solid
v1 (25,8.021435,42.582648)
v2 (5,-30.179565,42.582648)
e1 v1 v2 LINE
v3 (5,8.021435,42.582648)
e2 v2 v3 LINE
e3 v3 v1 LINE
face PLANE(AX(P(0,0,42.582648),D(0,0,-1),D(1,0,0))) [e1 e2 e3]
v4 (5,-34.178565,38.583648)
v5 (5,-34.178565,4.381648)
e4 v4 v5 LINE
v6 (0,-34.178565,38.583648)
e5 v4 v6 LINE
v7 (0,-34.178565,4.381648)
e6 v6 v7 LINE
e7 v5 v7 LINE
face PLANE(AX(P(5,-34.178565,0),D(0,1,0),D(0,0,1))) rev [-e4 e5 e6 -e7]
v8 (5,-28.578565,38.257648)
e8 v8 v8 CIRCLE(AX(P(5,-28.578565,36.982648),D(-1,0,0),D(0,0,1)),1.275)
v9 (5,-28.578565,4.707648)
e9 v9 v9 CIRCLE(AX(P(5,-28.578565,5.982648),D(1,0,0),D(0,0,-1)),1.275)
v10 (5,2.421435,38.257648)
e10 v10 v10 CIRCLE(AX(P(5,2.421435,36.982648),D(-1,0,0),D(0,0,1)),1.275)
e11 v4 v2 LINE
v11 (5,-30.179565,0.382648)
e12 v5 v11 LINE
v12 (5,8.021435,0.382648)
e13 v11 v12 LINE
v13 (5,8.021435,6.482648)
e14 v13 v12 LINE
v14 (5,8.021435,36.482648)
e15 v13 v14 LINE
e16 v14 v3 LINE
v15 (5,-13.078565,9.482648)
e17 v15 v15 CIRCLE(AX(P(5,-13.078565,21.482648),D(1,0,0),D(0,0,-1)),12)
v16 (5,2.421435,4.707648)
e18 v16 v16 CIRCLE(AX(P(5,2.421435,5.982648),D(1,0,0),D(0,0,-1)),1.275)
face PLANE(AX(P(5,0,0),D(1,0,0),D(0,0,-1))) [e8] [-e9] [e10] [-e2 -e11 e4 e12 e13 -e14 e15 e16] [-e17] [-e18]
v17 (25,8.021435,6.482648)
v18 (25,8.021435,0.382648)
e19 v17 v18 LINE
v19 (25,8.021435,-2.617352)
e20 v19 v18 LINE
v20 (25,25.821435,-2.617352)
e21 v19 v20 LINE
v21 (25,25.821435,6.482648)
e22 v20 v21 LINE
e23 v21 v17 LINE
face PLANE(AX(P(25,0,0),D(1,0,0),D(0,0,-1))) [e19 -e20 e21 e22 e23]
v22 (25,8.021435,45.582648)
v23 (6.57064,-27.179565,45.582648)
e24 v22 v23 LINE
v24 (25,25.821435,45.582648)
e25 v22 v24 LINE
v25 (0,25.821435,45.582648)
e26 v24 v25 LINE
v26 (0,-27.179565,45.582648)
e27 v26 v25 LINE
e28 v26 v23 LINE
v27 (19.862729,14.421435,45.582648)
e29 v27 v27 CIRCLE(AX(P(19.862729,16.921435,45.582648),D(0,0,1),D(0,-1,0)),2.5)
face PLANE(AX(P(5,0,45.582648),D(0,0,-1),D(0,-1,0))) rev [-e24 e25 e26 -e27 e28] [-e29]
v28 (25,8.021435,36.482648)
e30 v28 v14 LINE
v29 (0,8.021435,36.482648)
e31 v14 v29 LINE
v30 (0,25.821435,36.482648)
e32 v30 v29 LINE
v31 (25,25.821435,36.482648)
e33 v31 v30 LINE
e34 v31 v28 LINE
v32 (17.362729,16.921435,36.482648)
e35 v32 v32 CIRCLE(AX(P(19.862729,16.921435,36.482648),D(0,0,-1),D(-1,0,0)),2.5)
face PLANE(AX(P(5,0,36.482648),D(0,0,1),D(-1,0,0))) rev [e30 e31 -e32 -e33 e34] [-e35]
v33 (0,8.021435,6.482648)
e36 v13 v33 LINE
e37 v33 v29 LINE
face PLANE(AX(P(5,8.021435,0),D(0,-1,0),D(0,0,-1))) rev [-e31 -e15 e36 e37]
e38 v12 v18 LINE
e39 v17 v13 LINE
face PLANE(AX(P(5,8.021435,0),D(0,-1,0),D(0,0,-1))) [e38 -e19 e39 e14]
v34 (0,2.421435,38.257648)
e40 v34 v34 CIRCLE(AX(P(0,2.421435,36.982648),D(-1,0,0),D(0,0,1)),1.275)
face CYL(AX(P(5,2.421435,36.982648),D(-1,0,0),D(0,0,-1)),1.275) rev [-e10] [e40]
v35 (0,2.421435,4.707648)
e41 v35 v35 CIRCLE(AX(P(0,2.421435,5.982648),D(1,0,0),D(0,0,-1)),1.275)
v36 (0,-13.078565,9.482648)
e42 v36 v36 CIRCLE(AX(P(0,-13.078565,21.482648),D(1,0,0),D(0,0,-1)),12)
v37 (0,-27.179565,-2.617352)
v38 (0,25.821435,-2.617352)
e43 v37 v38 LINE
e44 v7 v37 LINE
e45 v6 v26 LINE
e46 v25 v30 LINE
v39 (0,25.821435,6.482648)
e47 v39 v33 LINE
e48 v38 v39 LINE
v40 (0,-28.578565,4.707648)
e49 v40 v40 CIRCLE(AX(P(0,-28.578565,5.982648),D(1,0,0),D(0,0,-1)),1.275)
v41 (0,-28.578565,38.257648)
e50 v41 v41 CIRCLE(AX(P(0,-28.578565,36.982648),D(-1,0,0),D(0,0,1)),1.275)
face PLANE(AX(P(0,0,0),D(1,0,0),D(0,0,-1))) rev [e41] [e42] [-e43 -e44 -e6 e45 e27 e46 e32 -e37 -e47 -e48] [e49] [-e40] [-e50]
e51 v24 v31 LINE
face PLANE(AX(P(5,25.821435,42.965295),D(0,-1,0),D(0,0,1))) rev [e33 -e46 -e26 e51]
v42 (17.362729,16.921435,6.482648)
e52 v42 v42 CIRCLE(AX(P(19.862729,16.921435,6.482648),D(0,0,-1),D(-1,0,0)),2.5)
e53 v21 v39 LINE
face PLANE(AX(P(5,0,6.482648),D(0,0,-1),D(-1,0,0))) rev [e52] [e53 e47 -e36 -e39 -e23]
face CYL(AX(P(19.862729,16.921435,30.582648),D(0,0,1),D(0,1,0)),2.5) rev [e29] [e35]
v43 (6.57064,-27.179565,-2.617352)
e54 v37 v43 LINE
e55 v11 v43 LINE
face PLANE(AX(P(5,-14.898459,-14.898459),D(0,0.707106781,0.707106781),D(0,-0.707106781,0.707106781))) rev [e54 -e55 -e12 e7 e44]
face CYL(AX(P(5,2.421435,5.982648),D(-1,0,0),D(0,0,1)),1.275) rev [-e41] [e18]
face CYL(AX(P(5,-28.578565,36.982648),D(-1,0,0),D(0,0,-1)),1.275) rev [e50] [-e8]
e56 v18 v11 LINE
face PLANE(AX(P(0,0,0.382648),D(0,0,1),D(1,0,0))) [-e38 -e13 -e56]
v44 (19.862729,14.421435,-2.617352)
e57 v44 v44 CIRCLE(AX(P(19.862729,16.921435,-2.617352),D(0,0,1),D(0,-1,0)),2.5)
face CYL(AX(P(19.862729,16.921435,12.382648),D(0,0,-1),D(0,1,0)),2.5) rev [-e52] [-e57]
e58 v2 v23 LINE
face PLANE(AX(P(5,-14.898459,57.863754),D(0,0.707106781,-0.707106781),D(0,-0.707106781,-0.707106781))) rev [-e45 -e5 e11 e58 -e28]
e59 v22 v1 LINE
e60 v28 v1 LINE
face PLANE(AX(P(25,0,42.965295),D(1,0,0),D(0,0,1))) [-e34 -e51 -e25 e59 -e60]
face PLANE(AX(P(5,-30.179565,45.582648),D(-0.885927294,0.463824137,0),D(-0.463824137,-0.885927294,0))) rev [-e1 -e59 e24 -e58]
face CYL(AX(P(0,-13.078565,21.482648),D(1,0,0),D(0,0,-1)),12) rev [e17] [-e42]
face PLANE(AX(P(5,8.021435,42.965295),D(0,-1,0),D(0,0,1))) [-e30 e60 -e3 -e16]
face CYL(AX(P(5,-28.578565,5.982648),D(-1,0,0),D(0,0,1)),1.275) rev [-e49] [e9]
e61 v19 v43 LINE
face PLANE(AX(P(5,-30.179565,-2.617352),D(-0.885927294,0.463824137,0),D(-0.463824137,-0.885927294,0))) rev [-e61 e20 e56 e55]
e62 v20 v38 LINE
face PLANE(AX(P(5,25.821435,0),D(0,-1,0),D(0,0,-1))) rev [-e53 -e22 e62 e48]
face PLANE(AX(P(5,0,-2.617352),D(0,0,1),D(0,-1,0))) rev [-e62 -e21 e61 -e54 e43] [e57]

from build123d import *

# Parameters (mm, degrees)
SKETCH1_R           = 1.275
BOSS_EXTRUDE1_DEPTH = 5
SKETCH2_W           = 9.1
SKETCH2_H           = 17.8
BOSS_EXTRUDE2_DEPTH = 20
BOSS_EXTRUDE3_DEPTH = 3
CUT_EXTRUDE1_DEPTH  = 15
SKETCH5_R           = 2.5
CUT_EXTRUDE2_DEPTH  = 15
SKETCH7_W           = 24.2
SKETCH7_H           = 42.2
BOSS_EXTRUDE4_DEPTH = 5
SKETCH8_R           = 12
CUT_EXTRUDE3_DEPTH  = 5


with BuildPart() as part:
    # Sketch1 → Boss-Extrude1 (new body)
    with BuildSketch(Plane(origin=(0, 0, 0), x_dir=(0, 0, -1), z_dir=(1, 0, 0))):
        Polygon((-0.382647728, -30.17956484), (-0.382647728, 8.02143516), (2.617352272, 8.02143516), (2.617352272, 25.82143516), (-6.482647728, 25.82143516), (-6.482647728, 8.02143516), (-9.382647728, 8.02143516), (-9.382647728, -34.17856484), (-4.381647728, -34.17856484), align=None)
        with Locations((-5.982647728, -28.57856484)):
            Circle(SKETCH1_R, mode=Mode.SUBTRACT)
        with Locations((-5.982647728, 2.42143516)):
            Circle(SKETCH1_R, mode=Mode.SUBTRACT)
    extrude(amount=BOSS_EXTRUDE1_DEPTH)

    # Sketch2 → Boss-Extrude2 (add)
    with BuildSketch(Plane(origin=(5, 0, 0), x_dir=(0, 0, -1), z_dir=(1, 0, 0))):
        with Locations((-1.932647728, 16.92143516)):
            Rectangle(SKETCH2_W, SKETCH2_H)
    extrude(amount=BOSS_EXTRUDE2_DEPTH)

    # Sketch3 → Boss-Extrude3 (add)
    with BuildSketch(Plane(origin=(0, 0, 0.382647728), x_dir=(-1, 0, 0), z_dir=(0, 0, -1))):
        Polygon((-25, 8.02143516), (0, 8.02143516), (0, -30.17956484), (-5, -30.17956484), align=None)
    extrude(amount=BOSS_EXTRUDE3_DEPTH)

    # Sketch4 → Cut-Extrude1 (cut, symmetric)
    with BuildSketch(Plane(origin=(5, 0, 0), x_dir=(0, 0, -1), z_dir=(1, 0, 0))):
        Polygon((-0.382647728, -30.17956484), (2.617352272, -27.17956484), (2.617352272, -30.17956484), align=None)
    extrude(amount=CUT_EXTRUDE1_DEPTH, both=True, mode=Mode.SUBTRACT)

    # Sketch5 → Cut-Extrude2 (cut, symmetric)
    with BuildSketch(Plane(origin=(0, 0, -2.617352272), x_dir=(-1, 0, 0), z_dir=(0, 0, -1))):
        with Locations((-19.86272871, 16.92143516)):
            Circle(SKETCH5_R)
    extrude(amount=CUT_EXTRUDE2_DEPTH, both=True, mode=Mode.SUBTRACT)


with BuildPart() as body_2:
    # Mirror14: mirrored copy
    add(part.part.mirror(Plane.XY.offset(21.482647728)))


with BuildPart() as part_1:
    add(part.part)

    add(body_2.part)  # Boss-Extrude4 merges body 2
    # Sketch7 → Boss-Extrude4 (add)
    with BuildSketch(Plane(origin=(5, 0, 0), x_dir=(0, 0, -1), z_dir=(1, 0, 0))):
        with Locations((-21.482647728, -13.07856484)):
            Rectangle(SKETCH7_W, SKETCH7_H)
    extrude(amount=-BOSS_EXTRUDE4_DEPTH)

    # Sketch8 → Cut-Extrude3 (cut)
    with BuildSketch(Plane(origin=(5, 0, 0), x_dir=(0, 0, -1), z_dir=(1, 0, 0))):
        with Locations((-21.482647728, -13.07856484)):
            Circle(SKETCH8_R)
    extrude(amount=-CUT_EXTRUDE3_DEPTH, mode=Mode.SUBTRACT)


solid = part_1.part
